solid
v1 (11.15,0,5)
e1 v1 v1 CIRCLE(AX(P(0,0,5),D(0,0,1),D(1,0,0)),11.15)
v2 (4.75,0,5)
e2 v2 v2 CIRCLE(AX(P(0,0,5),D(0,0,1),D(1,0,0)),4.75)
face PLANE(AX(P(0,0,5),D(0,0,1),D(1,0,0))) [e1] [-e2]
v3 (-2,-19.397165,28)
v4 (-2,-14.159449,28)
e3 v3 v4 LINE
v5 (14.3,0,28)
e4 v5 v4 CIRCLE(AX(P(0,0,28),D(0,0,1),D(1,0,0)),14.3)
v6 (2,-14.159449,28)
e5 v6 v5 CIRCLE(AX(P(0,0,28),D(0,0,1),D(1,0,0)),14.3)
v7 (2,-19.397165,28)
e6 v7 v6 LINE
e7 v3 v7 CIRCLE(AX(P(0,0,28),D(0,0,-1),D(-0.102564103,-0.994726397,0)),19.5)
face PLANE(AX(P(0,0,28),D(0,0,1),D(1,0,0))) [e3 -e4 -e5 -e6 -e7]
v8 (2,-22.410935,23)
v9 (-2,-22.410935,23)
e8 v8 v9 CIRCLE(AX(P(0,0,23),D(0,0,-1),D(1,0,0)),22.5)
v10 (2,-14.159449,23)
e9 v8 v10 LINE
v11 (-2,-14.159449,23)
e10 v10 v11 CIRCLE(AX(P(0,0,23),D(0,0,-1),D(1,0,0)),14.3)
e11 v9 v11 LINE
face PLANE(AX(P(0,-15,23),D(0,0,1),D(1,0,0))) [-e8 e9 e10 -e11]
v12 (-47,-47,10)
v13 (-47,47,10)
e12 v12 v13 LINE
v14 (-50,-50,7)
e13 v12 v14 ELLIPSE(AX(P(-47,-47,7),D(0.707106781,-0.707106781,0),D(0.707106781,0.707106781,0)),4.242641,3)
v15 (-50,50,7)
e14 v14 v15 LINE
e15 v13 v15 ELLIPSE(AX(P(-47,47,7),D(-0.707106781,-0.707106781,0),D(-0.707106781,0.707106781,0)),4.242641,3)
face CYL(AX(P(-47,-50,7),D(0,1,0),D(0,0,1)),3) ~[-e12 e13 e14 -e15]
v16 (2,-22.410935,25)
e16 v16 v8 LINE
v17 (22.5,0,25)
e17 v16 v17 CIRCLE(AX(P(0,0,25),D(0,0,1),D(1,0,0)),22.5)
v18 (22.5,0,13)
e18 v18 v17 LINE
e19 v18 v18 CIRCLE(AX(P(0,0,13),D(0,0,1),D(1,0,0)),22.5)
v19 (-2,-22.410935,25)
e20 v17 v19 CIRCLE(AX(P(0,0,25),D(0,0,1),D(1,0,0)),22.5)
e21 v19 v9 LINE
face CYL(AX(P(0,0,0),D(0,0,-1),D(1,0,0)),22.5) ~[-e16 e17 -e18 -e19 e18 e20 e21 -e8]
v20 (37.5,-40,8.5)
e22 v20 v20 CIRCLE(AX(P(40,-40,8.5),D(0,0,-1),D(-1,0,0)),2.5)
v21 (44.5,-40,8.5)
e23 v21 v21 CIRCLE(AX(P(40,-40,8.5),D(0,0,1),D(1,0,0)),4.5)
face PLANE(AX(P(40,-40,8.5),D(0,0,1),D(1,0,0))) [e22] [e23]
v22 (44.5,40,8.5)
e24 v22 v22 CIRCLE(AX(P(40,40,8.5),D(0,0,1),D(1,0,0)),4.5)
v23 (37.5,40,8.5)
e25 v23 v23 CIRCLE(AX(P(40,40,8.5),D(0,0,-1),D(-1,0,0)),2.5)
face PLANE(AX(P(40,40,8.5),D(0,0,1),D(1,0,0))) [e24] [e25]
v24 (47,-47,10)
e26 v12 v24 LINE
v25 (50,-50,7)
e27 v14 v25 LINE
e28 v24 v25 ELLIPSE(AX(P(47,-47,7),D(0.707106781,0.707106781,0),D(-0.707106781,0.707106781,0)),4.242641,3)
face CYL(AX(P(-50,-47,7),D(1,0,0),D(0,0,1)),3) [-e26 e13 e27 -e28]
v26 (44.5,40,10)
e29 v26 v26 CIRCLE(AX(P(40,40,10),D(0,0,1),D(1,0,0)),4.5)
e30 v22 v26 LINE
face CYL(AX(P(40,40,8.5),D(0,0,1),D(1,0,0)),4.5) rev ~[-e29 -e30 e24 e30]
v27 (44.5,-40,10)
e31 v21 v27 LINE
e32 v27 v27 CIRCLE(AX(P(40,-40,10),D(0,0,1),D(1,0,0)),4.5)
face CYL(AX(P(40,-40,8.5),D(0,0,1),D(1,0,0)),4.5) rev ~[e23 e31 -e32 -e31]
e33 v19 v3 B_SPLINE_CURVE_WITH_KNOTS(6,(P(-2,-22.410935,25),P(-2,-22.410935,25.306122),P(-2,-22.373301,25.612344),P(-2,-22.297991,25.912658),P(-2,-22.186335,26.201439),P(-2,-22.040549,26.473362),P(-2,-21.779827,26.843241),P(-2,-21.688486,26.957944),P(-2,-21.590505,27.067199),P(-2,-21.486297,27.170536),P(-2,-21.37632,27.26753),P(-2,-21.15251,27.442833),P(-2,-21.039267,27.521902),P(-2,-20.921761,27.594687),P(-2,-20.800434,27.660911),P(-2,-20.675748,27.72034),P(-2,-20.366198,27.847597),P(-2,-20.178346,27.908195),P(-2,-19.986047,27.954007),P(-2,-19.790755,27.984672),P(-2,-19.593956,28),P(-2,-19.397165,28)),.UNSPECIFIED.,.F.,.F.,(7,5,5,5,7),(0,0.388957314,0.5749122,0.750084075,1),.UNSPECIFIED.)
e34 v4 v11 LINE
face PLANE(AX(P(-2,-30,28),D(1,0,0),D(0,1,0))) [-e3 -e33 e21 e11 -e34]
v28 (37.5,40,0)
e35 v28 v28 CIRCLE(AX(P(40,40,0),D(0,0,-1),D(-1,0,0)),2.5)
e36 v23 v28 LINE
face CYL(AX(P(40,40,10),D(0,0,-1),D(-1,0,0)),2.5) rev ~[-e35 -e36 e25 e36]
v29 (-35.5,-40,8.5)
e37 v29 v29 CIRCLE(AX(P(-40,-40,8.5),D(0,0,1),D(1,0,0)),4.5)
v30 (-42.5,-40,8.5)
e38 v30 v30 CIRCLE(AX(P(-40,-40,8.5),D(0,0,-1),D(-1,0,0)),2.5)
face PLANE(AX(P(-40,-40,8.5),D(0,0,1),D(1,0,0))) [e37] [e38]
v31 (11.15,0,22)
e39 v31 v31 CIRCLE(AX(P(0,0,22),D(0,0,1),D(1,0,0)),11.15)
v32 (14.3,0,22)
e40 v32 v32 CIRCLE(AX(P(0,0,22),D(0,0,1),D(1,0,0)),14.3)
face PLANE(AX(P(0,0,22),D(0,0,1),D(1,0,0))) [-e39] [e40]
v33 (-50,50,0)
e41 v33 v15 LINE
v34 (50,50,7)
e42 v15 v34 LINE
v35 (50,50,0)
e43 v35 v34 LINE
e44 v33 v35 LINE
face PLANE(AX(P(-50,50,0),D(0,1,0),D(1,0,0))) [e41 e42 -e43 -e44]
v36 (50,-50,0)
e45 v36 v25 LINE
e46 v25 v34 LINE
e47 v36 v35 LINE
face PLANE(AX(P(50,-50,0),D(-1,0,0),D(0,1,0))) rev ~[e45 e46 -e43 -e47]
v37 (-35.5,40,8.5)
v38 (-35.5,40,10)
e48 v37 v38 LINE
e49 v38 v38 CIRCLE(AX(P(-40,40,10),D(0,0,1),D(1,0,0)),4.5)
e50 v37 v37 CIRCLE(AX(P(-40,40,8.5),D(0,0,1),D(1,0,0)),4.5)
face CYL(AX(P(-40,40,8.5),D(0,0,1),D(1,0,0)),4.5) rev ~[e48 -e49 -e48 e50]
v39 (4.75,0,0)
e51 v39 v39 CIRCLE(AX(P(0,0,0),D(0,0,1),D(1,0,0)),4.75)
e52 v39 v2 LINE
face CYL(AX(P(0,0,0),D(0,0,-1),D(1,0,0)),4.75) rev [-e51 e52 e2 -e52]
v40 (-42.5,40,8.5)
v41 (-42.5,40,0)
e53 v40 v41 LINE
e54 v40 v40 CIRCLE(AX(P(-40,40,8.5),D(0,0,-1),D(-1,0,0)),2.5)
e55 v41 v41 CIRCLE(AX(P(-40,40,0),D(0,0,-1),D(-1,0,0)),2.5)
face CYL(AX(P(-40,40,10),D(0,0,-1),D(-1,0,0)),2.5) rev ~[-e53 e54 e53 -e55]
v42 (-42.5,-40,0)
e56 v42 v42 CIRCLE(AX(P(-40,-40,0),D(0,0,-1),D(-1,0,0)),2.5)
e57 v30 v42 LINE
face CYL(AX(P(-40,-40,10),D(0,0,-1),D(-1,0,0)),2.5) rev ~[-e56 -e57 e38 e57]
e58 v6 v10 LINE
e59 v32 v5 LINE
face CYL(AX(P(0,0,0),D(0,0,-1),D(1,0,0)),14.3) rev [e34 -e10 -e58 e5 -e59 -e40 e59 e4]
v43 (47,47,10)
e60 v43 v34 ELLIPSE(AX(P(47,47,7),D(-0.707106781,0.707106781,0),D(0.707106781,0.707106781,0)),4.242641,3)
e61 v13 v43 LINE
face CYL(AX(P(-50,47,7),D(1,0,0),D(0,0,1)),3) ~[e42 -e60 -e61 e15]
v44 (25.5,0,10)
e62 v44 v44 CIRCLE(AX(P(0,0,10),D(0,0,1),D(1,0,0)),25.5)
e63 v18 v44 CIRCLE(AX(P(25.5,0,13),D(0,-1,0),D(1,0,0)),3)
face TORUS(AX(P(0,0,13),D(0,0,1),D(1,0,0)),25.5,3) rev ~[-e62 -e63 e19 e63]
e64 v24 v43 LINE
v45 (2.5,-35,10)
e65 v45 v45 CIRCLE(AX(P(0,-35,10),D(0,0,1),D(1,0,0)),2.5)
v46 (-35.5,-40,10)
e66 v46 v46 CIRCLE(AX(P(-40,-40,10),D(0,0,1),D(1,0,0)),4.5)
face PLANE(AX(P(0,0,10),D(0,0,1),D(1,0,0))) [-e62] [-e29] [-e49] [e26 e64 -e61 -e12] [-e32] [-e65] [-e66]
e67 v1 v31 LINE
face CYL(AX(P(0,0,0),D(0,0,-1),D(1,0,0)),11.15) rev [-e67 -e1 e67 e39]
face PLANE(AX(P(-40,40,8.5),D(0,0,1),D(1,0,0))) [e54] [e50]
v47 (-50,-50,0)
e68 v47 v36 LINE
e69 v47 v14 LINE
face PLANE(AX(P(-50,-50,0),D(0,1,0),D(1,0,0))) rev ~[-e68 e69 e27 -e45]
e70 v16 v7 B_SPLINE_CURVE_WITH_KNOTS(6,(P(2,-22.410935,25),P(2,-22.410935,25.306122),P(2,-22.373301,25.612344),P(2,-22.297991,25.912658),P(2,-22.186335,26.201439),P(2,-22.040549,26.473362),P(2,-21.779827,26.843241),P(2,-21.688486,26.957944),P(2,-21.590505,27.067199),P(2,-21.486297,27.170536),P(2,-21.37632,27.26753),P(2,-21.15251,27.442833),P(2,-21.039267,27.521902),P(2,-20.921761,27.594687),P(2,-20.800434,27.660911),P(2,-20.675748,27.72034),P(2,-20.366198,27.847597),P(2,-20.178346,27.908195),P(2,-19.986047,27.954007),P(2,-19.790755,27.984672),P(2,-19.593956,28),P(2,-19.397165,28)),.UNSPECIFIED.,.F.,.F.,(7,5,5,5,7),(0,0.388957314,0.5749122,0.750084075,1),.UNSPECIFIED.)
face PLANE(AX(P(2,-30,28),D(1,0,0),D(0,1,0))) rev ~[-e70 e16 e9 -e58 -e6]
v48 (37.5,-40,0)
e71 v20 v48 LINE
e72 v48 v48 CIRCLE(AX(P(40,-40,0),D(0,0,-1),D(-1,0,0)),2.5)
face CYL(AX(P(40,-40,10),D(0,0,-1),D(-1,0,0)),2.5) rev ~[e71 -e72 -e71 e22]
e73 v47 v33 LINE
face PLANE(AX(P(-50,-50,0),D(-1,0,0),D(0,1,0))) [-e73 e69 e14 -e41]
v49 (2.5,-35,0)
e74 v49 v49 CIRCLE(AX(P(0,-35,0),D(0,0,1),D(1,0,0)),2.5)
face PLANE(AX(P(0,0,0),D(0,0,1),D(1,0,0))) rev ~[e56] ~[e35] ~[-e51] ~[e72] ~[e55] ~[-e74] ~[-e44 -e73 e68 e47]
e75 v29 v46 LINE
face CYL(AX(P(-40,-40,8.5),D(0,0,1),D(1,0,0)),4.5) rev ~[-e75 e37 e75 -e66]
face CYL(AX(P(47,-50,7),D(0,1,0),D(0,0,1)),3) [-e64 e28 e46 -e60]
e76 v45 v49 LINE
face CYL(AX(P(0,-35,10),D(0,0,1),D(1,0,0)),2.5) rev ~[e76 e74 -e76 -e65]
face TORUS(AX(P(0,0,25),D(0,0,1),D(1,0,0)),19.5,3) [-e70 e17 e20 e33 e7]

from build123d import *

# Parameters (mm, degrees)
F0_W           = 100
F0_H           = 100
F0_R           = 22.5
F1_DEPTH       = 10
F0_R_2         = 11.15
F0_R_3         = 4.75
F2_DEPTH       = 5
F0_R_4         = 14.3
F3_DEPTH       = 22
F4_DEPTH       = 28
F6_D           = 5
F6_CBORE_D     = 9
F6_CBORE_DEPTH = 1.5
F7_R           = 3
F8_W           = 4
F8_H           = 30
F9_DEPTH       = 5
F5_R           = 2.5
F10_DEPTH      = 10.001


with BuildPart() as f1:
    # F0 (on Top) → F1 (new body)
    with BuildSketch(Plane.XY):
        Rectangle(F0_W, F0_H)
        Circle(F0_R, mode=Mode.SUBTRACT)
    extrude(amount=F1_DEPTH)



with BuildPart() as f2:
    # F0 (on Top) → F2 (new body)
    with BuildSketch(Plane.XY):
        Circle(F0_R_2)
        Circle(F0_R_3, mode=Mode.SUBTRACT)
    extrude(amount=F2_DEPTH)

    # F0 (on Top) → F3 (join)
    with BuildSketch(Plane.XY):
        Circle(F0_R_4)
        Circle(F0_R_2, mode=Mode.SUBTRACT)
    extrude(amount=F3_DEPTH)


with BuildPart() as f1_1:
    add(f1.part)

    add(f2.part)  # F4 merges F2
    # F0 (on Top) → F4 (join)
    with BuildSketch(Plane.XY):
        Circle(F0_R)
        Circle(F0_R_4, mode=Mode.SUBTRACT)
    extrude(amount=F4_DEPTH)

    # F6 (through all)
    with Locations(Plane.XY.offset(10)):
        with Locations((-40, 40), (40, 40), (40, -40), (-40, -40)):
            CounterBoreHole(F6_D / 2, F6_CBORE_D / 2, F6_CBORE_DEPTH)

    # F7
    f7_edges = [f1_1.edges().sort_by_distance(p)[0] for p in [
        (-50, 0, 10),
        (0, 50, 10),
        (50, 0, 10),
        (0, -50, 10),
        (-22.5, 0, 10),
        (-22.5, 0, 28),
    ]]
    fillet(f7_edges, radius=F7_R)

    # F8 (on face) → F9 (cut)
    with BuildSketch(Plane.XY.offset(28)):
        with Locations((0, -15)):
            Rectangle(F8_W, F8_H)
    extrude(amount=-F9_DEPTH, mode=Mode.SUBTRACT)

    # F5 (on face) → F10 (cut, through all)
    with BuildSketch(Plane.XY.offset(10)):
        with Locations((0, -35)):
            Circle(F5_R)
    extrude(amount=-F10_DEPTH, mode=Mode.SUBTRACT)


solid = f1_1.part
